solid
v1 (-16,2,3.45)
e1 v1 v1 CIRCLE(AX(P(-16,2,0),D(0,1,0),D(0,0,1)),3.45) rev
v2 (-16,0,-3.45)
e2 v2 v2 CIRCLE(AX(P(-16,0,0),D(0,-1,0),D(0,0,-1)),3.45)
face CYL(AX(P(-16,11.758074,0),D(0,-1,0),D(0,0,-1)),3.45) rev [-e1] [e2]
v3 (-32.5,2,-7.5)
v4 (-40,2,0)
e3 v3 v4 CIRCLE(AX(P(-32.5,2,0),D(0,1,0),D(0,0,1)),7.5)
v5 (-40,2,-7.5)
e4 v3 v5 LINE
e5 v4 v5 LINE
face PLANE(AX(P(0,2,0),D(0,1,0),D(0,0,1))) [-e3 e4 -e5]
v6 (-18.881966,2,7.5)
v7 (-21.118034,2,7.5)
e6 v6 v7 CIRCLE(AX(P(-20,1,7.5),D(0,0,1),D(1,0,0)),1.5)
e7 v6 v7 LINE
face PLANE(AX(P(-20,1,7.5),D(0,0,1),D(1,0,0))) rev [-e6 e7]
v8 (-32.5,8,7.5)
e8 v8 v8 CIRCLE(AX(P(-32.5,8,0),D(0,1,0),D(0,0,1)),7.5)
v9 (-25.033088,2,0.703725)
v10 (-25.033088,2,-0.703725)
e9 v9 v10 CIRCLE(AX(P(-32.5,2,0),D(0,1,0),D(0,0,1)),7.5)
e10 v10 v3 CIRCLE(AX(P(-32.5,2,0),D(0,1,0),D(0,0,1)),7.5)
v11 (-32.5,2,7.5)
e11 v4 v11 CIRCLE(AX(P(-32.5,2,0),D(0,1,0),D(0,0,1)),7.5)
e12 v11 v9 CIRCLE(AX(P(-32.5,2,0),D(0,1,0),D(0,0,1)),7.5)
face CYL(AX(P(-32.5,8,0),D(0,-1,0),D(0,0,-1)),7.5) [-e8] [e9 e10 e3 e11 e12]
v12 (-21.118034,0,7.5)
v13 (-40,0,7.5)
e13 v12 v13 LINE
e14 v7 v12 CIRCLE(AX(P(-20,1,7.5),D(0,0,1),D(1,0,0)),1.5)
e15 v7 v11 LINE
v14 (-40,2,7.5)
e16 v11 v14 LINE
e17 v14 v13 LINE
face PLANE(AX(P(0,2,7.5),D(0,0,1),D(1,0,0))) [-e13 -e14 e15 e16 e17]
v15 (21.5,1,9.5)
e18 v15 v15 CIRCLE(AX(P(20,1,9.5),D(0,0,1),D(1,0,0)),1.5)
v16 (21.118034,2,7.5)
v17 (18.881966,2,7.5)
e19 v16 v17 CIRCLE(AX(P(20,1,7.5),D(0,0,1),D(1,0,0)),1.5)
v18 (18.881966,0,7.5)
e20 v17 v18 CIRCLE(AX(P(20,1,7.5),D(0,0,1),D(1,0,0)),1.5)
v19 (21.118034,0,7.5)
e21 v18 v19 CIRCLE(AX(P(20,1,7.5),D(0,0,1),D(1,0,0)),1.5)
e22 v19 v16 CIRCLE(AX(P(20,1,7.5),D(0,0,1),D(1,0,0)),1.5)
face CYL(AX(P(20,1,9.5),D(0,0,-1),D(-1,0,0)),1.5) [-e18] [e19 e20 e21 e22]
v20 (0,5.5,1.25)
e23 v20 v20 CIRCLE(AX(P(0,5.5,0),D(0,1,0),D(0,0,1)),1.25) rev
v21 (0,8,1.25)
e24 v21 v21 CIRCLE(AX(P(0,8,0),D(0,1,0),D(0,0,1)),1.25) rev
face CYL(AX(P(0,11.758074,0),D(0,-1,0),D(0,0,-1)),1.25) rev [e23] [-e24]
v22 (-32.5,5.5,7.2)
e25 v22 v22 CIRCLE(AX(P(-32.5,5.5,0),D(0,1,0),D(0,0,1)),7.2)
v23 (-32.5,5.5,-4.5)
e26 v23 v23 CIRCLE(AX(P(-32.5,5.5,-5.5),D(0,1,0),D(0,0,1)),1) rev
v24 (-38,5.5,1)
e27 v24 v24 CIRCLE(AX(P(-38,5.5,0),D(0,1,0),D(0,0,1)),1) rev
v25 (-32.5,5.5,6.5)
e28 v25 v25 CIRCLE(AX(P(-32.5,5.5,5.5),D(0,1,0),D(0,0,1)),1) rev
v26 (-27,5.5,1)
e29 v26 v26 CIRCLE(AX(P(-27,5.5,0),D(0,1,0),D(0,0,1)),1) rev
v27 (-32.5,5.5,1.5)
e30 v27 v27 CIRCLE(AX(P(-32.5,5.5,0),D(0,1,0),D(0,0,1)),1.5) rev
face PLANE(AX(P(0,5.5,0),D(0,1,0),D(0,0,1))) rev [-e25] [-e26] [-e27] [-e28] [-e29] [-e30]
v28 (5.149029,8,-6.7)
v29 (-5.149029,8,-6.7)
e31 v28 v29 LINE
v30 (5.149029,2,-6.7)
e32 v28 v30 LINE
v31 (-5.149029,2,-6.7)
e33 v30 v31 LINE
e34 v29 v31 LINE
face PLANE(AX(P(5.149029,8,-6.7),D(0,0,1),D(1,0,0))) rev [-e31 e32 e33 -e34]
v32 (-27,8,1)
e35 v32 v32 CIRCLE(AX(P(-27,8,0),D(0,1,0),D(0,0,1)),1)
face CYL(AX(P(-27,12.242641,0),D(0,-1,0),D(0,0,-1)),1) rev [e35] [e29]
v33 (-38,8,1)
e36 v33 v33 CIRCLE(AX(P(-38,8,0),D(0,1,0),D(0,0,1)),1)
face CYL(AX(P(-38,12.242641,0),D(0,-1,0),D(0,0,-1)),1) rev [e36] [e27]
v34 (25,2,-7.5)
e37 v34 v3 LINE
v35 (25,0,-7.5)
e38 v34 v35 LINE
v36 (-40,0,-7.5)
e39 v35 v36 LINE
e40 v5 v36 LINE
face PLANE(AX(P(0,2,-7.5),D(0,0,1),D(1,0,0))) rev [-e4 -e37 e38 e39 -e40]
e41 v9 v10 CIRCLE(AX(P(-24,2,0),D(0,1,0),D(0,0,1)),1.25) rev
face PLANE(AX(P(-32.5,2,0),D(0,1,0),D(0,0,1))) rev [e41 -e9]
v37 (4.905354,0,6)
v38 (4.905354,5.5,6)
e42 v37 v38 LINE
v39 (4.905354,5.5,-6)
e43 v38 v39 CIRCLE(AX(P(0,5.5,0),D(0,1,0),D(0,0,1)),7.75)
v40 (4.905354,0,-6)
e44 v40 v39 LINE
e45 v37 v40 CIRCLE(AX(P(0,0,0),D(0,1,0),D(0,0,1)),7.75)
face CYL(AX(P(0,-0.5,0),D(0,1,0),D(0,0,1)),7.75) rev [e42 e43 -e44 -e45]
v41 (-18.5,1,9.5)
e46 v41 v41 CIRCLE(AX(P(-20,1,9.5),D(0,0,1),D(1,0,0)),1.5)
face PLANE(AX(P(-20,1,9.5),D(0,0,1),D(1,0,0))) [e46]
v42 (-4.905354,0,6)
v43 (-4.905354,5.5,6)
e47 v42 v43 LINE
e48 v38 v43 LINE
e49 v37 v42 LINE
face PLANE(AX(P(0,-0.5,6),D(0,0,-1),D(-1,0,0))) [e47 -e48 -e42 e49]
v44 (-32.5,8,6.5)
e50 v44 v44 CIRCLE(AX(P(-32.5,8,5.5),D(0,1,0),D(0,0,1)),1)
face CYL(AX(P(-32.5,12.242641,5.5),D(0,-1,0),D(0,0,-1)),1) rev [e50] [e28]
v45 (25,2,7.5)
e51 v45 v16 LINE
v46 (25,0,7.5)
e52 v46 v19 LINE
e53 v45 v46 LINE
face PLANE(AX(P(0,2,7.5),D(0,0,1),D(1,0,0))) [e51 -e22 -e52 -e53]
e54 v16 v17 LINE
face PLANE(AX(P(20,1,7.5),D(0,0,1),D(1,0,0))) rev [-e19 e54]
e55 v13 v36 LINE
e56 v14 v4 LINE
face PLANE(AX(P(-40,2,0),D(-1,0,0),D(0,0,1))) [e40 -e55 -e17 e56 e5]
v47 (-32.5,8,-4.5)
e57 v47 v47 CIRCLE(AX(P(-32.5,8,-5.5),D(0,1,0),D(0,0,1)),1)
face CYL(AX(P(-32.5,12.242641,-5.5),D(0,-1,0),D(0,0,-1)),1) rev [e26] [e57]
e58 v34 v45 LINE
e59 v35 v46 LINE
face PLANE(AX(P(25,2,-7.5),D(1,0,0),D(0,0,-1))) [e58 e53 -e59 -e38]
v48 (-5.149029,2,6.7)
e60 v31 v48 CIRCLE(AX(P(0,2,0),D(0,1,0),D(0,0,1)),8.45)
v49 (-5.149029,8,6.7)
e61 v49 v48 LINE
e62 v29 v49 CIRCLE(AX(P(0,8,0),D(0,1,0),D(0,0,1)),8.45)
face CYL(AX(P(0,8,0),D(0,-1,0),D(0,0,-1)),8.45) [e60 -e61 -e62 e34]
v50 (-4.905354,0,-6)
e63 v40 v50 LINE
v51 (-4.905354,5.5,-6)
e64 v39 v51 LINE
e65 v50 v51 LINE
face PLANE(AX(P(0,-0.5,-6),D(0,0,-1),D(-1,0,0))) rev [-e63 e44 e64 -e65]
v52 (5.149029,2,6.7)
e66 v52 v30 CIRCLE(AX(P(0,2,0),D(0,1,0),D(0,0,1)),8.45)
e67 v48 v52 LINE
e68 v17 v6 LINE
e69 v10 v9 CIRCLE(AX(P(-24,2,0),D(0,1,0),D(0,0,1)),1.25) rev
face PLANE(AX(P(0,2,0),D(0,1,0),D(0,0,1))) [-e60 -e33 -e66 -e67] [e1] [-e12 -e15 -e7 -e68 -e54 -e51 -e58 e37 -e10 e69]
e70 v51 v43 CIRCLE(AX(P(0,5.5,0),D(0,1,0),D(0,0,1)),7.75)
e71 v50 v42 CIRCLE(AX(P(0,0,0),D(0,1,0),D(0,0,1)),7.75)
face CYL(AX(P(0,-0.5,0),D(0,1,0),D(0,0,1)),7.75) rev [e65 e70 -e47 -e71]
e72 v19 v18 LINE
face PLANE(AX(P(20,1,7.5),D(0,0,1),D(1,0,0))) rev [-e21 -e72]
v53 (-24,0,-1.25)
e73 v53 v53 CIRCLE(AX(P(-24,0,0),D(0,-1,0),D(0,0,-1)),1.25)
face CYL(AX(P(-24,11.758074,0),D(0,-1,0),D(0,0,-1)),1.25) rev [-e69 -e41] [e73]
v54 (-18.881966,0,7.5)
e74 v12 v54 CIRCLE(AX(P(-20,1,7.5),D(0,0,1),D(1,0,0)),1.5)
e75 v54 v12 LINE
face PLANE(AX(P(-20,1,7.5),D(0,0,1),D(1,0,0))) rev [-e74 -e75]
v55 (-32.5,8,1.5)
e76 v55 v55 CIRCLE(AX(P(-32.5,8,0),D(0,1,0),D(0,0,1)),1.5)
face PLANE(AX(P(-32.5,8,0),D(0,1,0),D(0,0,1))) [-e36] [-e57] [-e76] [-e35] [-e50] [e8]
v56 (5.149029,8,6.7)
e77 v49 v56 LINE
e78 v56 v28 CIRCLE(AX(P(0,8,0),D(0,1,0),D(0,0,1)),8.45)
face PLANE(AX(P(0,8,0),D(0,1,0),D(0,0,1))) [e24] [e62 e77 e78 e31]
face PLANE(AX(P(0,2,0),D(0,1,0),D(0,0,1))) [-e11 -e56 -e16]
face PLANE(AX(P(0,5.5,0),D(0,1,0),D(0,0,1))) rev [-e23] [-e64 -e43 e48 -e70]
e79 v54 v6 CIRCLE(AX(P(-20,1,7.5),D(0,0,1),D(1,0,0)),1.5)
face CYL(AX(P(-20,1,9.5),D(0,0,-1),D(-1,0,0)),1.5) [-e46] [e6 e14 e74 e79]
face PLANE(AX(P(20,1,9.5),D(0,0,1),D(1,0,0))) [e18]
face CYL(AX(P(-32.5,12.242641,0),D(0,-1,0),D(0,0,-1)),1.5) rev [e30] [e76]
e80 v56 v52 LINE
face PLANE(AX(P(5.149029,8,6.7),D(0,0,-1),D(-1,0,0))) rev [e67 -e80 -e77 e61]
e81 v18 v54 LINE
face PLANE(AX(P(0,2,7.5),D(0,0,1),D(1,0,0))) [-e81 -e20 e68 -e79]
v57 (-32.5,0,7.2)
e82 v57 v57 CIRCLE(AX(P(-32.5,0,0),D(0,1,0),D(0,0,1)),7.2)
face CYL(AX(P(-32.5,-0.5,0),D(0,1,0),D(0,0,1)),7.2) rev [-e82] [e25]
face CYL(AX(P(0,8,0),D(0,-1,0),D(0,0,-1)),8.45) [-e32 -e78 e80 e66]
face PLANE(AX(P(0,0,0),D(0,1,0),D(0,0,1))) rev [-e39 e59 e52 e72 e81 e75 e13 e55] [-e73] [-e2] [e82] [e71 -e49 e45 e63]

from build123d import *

# Parameters (mm, degrees)
SKETCH_1_W               = 65
SKETCH_1_H               = 15
EXTRUDE_1_DEPTH          = 2
SKETCH_2_R               = 1.25
SKETCH_2_R_2             = 3.45
SKETCH_2_R_3             = 1.5
SKETCH_2_R_4             = 1
CUT_EXTRUDE_1_DEPTH      = 2
SKETCH_4_R               = 1.5
EXTRUDE_2_DEPTH          = 2
SKETCH_5_R               = 7.5
SKETCH_5_R_2             = 7.2
EXTRUDE_3_DEPTH          = 6
SKETCH_5_8_R             = 1.25
SKETCH_5_8_R_2           = 7.2
EXTRUDE_4_DEPTH          = 6
CUT_EXTRUDE_2_DEPTH      = 3.5
CUT_EXTRUDE_2_DEPTH_BACK = 42.548164821
SKETCH_5_11_R            = 1.25
SKETCH_5_11_R_2          = 7.2
SKETCH_2_3_R             = 1.5
SKETCH_2_3_R_2           = 1
CUT_EXTRUDE_3_DEPTH      = 8


with BuildPart() as part:
    # 草图1 → 凸台-拉伸1 (new body)
    with BuildSketch(Plane(origin=(0, 0, 0), x_dir=(1, 0, 0), z_dir=(0, 1, 0))):
        with Locations((-7.5, 0)):
            Rectangle(SKETCH_1_W, SKETCH_1_H)
    extrude(amount=EXTRUDE_1_DEPTH)

    # 草图2 → 切除-拉伸1 (cut)
    with BuildSketch(Plane(origin=(0, 0, 0), x_dir=(1, 0, 0), z_dir=(0, 1, 0))):
        with Locations(Location((0, 0, 0), (0, 0, 270))):
            Circle(SKETCH_2_R)
        with Locations(Location((-16, 0, 0), (0, 0, 90))):
            Circle(SKETCH_2_R_2)
        with Locations(Location((-24, 0, 0), (0, 0, 90))):
            Circle(SKETCH_2_R)
        with Locations(Location((-32.5, 0, 0), (0, 0, 270))):
            Circle(SKETCH_2_R_3)
        with Locations(Location((-27, 0, 0), (0, 0, 270))):
            Circle(SKETCH_2_R_4)
        with Locations(Location((-32.5, -5.5, 0), (0, 0, 270))):
            Circle(SKETCH_2_R_4)
        with Locations(Location((-38, 0, 0), (0, 0, 270))):
            Circle(SKETCH_2_R_4)
        with Locations(Location((-32.5, 5.5, 0), (0, 0, 270))):
            Circle(SKETCH_2_R_4)
    extrude(amount=CUT_EXTRUDE_1_DEPTH, mode=Mode.SUBTRACT)

    # 草图4 → 凸台-拉伸2 (add)
    with BuildSketch(Plane.XY.offset(7.5)):
        with Locations(Location((20, 1, 0), (0, 0, 221.810314896))):
            Circle(SKETCH_4_R)
        with Locations(Location((-20, 1, 0), (0, 0, 221.810314896))):
            Circle(SKETCH_4_R)
    extrude(amount=EXTRUDE_2_DEPTH)

    # 草图5 → 凸台-拉伸3 (add)
    # profile 1 of 2: a face of its own
    with BuildSketch(Plane(origin=(0, 2, 0), x_dir=(1, 0, 0), z_dir=(0, 1, 0))):
        with Locations(Location((-32.5, 0, 0), (0, 0, 270))):
            Circle(SKETCH_5_R)
        with Locations(Location((-32.5, 0, 0), (0, 0, 270))):
            Circle(SKETCH_5_R_2, mode=Mode.SUBTRACT)
    # profile 2 of 2: a face of its own
    with BuildSketch(Plane(origin=(0, 2, 0), x_dir=(1, 0, 0), z_dir=(0, 1, 0))):
        with BuildLine():
            Line((5.149029035, -6.7), (-5.149029035, -6.7))
            ThreePointArc((-5.149029035, -6.7), (-8.45, 0), (-5.149029035, 6.7))
            Line((-5.149029035, 6.7), (5.149029035, 6.7))
            ThreePointArc((5.149029035, 6.7), (8.45, 0), (5.149029035, -6.7))
        make_face()
        with BuildLine():
            Line((4.905354218, -6), (-4.905354218, -6))
            ThreePointArc((-4.905354218, -6), (-7.75, 0), (-4.905354218, 6))
            Line((-4.905354218, 6), (4.905354218, 6))
            ThreePointArc((4.905354218, 6), (7.75, 0), (4.905354218, -6))
        make_face(mode=Mode.SUBTRACT)
    extrude(amount=EXTRUDE_3_DEPTH)

    # 草图5<8> → 凸台-拉伸4 (add)
    # profile 1 of 2: a face of its own
    with BuildSketch(Plane(origin=(0, 2, 0), x_dir=(1, 0, 0), z_dir=(0, 1, 0))):
        with BuildLine():
            Line((4.905354218, -6), (-4.905354218, -6))
            ThreePointArc((-4.905354218, -6), (-7.75, 0), (-4.905354218, 6))
            Line((-4.905354218, 6), (4.905354218, 6))
            ThreePointArc((4.905354218, 6), (7.75, 0), (4.905354218, -6))
        make_face()
        with Locations(Location((0, 0, 0), (0, 0, 270))):
            Circle(SKETCH_5_8_R, mode=Mode.SUBTRACT)
    # profile 2 of 2: a face of its own
    with BuildSketch(Plane(origin=(0, 2, 0), x_dir=(1, 0, 0), z_dir=(0, 1, 0))):
        with Locations((-32.5, 0)):
            Circle(SKETCH_5_8_R_2)
    extrude(amount=EXTRUDE_4_DEPTH)

    # 草图5<11> → 切除-拉伸2 (cut, two sides: drawn at the far end of the back side and taken through both)
    # profile 1 of 2: a face of its own
    with BuildSketch(Plane(origin=(0, 2, 0), x_dir=(1, 0, 0), z_dir=(0, 1, 0)).offset(-CUT_EXTRUDE_2_DEPTH_BACK)):
        with BuildLine():
            Line((4.905354218, -6), (-4.905354218, -6))
            ThreePointArc((-4.905354218, -6), (-7.75, 0), (-4.905354218, 6))
            Line((-4.905354218, 6), (4.905354218, 6))
            ThreePointArc((4.905354218, 6), (7.75, 0), (4.905354218, -6))
        make_face()
        with Locations(Location((0, 0, 0), (0, 0, 270))):
            Circle(SKETCH_5_11_R, mode=Mode.SUBTRACT)
    # profile 2 of 2: a face of its own
    with BuildSketch(Plane(origin=(0, 2, 0), x_dir=(1, 0, 0), z_dir=(0, 1, 0)).offset(-CUT_EXTRUDE_2_DEPTH_BACK)):
        with Locations(Location((-32.5, 0, 0), (0, 0, 270))):
            Circle(SKETCH_5_11_R_2)
    extrude(amount=CUT_EXTRUDE_2_DEPTH + CUT_EXTRUDE_2_DEPTH_BACK, mode=Mode.SUBTRACT)

    # 草图2<3> → 切除-拉伸3 (cut)
    with BuildSketch(Plane(origin=(0, 0, 0), x_dir=(1, 0, 0), z_dir=(0, 1, 0))):
        with Locations(Location((-32.5, 0, 0), (0, 0, 270))):
            Circle(SKETCH_2_3_R)
        with Locations(Location((-32.5, 5.5, 0), (0, 0, 270))):
            Circle(SKETCH_2_3_R_2)
        with Locations(Location((-38, 0, 0), (0, 0, 270))):
            Circle(SKETCH_2_3_R_2)
        with Locations(Location((-32.5, -5.5, 0), (0, 0, 270))):
            Circle(SKETCH_2_3_R_2)
        with Locations(Location((-27, 0, 0), (0, 0, 270))):
            Circle(SKETCH_2_3_R_2)
    extrude(amount=CUT_EXTRUDE_3_DEPTH, mode=Mode.SUBTRACT)


solid = part.part
